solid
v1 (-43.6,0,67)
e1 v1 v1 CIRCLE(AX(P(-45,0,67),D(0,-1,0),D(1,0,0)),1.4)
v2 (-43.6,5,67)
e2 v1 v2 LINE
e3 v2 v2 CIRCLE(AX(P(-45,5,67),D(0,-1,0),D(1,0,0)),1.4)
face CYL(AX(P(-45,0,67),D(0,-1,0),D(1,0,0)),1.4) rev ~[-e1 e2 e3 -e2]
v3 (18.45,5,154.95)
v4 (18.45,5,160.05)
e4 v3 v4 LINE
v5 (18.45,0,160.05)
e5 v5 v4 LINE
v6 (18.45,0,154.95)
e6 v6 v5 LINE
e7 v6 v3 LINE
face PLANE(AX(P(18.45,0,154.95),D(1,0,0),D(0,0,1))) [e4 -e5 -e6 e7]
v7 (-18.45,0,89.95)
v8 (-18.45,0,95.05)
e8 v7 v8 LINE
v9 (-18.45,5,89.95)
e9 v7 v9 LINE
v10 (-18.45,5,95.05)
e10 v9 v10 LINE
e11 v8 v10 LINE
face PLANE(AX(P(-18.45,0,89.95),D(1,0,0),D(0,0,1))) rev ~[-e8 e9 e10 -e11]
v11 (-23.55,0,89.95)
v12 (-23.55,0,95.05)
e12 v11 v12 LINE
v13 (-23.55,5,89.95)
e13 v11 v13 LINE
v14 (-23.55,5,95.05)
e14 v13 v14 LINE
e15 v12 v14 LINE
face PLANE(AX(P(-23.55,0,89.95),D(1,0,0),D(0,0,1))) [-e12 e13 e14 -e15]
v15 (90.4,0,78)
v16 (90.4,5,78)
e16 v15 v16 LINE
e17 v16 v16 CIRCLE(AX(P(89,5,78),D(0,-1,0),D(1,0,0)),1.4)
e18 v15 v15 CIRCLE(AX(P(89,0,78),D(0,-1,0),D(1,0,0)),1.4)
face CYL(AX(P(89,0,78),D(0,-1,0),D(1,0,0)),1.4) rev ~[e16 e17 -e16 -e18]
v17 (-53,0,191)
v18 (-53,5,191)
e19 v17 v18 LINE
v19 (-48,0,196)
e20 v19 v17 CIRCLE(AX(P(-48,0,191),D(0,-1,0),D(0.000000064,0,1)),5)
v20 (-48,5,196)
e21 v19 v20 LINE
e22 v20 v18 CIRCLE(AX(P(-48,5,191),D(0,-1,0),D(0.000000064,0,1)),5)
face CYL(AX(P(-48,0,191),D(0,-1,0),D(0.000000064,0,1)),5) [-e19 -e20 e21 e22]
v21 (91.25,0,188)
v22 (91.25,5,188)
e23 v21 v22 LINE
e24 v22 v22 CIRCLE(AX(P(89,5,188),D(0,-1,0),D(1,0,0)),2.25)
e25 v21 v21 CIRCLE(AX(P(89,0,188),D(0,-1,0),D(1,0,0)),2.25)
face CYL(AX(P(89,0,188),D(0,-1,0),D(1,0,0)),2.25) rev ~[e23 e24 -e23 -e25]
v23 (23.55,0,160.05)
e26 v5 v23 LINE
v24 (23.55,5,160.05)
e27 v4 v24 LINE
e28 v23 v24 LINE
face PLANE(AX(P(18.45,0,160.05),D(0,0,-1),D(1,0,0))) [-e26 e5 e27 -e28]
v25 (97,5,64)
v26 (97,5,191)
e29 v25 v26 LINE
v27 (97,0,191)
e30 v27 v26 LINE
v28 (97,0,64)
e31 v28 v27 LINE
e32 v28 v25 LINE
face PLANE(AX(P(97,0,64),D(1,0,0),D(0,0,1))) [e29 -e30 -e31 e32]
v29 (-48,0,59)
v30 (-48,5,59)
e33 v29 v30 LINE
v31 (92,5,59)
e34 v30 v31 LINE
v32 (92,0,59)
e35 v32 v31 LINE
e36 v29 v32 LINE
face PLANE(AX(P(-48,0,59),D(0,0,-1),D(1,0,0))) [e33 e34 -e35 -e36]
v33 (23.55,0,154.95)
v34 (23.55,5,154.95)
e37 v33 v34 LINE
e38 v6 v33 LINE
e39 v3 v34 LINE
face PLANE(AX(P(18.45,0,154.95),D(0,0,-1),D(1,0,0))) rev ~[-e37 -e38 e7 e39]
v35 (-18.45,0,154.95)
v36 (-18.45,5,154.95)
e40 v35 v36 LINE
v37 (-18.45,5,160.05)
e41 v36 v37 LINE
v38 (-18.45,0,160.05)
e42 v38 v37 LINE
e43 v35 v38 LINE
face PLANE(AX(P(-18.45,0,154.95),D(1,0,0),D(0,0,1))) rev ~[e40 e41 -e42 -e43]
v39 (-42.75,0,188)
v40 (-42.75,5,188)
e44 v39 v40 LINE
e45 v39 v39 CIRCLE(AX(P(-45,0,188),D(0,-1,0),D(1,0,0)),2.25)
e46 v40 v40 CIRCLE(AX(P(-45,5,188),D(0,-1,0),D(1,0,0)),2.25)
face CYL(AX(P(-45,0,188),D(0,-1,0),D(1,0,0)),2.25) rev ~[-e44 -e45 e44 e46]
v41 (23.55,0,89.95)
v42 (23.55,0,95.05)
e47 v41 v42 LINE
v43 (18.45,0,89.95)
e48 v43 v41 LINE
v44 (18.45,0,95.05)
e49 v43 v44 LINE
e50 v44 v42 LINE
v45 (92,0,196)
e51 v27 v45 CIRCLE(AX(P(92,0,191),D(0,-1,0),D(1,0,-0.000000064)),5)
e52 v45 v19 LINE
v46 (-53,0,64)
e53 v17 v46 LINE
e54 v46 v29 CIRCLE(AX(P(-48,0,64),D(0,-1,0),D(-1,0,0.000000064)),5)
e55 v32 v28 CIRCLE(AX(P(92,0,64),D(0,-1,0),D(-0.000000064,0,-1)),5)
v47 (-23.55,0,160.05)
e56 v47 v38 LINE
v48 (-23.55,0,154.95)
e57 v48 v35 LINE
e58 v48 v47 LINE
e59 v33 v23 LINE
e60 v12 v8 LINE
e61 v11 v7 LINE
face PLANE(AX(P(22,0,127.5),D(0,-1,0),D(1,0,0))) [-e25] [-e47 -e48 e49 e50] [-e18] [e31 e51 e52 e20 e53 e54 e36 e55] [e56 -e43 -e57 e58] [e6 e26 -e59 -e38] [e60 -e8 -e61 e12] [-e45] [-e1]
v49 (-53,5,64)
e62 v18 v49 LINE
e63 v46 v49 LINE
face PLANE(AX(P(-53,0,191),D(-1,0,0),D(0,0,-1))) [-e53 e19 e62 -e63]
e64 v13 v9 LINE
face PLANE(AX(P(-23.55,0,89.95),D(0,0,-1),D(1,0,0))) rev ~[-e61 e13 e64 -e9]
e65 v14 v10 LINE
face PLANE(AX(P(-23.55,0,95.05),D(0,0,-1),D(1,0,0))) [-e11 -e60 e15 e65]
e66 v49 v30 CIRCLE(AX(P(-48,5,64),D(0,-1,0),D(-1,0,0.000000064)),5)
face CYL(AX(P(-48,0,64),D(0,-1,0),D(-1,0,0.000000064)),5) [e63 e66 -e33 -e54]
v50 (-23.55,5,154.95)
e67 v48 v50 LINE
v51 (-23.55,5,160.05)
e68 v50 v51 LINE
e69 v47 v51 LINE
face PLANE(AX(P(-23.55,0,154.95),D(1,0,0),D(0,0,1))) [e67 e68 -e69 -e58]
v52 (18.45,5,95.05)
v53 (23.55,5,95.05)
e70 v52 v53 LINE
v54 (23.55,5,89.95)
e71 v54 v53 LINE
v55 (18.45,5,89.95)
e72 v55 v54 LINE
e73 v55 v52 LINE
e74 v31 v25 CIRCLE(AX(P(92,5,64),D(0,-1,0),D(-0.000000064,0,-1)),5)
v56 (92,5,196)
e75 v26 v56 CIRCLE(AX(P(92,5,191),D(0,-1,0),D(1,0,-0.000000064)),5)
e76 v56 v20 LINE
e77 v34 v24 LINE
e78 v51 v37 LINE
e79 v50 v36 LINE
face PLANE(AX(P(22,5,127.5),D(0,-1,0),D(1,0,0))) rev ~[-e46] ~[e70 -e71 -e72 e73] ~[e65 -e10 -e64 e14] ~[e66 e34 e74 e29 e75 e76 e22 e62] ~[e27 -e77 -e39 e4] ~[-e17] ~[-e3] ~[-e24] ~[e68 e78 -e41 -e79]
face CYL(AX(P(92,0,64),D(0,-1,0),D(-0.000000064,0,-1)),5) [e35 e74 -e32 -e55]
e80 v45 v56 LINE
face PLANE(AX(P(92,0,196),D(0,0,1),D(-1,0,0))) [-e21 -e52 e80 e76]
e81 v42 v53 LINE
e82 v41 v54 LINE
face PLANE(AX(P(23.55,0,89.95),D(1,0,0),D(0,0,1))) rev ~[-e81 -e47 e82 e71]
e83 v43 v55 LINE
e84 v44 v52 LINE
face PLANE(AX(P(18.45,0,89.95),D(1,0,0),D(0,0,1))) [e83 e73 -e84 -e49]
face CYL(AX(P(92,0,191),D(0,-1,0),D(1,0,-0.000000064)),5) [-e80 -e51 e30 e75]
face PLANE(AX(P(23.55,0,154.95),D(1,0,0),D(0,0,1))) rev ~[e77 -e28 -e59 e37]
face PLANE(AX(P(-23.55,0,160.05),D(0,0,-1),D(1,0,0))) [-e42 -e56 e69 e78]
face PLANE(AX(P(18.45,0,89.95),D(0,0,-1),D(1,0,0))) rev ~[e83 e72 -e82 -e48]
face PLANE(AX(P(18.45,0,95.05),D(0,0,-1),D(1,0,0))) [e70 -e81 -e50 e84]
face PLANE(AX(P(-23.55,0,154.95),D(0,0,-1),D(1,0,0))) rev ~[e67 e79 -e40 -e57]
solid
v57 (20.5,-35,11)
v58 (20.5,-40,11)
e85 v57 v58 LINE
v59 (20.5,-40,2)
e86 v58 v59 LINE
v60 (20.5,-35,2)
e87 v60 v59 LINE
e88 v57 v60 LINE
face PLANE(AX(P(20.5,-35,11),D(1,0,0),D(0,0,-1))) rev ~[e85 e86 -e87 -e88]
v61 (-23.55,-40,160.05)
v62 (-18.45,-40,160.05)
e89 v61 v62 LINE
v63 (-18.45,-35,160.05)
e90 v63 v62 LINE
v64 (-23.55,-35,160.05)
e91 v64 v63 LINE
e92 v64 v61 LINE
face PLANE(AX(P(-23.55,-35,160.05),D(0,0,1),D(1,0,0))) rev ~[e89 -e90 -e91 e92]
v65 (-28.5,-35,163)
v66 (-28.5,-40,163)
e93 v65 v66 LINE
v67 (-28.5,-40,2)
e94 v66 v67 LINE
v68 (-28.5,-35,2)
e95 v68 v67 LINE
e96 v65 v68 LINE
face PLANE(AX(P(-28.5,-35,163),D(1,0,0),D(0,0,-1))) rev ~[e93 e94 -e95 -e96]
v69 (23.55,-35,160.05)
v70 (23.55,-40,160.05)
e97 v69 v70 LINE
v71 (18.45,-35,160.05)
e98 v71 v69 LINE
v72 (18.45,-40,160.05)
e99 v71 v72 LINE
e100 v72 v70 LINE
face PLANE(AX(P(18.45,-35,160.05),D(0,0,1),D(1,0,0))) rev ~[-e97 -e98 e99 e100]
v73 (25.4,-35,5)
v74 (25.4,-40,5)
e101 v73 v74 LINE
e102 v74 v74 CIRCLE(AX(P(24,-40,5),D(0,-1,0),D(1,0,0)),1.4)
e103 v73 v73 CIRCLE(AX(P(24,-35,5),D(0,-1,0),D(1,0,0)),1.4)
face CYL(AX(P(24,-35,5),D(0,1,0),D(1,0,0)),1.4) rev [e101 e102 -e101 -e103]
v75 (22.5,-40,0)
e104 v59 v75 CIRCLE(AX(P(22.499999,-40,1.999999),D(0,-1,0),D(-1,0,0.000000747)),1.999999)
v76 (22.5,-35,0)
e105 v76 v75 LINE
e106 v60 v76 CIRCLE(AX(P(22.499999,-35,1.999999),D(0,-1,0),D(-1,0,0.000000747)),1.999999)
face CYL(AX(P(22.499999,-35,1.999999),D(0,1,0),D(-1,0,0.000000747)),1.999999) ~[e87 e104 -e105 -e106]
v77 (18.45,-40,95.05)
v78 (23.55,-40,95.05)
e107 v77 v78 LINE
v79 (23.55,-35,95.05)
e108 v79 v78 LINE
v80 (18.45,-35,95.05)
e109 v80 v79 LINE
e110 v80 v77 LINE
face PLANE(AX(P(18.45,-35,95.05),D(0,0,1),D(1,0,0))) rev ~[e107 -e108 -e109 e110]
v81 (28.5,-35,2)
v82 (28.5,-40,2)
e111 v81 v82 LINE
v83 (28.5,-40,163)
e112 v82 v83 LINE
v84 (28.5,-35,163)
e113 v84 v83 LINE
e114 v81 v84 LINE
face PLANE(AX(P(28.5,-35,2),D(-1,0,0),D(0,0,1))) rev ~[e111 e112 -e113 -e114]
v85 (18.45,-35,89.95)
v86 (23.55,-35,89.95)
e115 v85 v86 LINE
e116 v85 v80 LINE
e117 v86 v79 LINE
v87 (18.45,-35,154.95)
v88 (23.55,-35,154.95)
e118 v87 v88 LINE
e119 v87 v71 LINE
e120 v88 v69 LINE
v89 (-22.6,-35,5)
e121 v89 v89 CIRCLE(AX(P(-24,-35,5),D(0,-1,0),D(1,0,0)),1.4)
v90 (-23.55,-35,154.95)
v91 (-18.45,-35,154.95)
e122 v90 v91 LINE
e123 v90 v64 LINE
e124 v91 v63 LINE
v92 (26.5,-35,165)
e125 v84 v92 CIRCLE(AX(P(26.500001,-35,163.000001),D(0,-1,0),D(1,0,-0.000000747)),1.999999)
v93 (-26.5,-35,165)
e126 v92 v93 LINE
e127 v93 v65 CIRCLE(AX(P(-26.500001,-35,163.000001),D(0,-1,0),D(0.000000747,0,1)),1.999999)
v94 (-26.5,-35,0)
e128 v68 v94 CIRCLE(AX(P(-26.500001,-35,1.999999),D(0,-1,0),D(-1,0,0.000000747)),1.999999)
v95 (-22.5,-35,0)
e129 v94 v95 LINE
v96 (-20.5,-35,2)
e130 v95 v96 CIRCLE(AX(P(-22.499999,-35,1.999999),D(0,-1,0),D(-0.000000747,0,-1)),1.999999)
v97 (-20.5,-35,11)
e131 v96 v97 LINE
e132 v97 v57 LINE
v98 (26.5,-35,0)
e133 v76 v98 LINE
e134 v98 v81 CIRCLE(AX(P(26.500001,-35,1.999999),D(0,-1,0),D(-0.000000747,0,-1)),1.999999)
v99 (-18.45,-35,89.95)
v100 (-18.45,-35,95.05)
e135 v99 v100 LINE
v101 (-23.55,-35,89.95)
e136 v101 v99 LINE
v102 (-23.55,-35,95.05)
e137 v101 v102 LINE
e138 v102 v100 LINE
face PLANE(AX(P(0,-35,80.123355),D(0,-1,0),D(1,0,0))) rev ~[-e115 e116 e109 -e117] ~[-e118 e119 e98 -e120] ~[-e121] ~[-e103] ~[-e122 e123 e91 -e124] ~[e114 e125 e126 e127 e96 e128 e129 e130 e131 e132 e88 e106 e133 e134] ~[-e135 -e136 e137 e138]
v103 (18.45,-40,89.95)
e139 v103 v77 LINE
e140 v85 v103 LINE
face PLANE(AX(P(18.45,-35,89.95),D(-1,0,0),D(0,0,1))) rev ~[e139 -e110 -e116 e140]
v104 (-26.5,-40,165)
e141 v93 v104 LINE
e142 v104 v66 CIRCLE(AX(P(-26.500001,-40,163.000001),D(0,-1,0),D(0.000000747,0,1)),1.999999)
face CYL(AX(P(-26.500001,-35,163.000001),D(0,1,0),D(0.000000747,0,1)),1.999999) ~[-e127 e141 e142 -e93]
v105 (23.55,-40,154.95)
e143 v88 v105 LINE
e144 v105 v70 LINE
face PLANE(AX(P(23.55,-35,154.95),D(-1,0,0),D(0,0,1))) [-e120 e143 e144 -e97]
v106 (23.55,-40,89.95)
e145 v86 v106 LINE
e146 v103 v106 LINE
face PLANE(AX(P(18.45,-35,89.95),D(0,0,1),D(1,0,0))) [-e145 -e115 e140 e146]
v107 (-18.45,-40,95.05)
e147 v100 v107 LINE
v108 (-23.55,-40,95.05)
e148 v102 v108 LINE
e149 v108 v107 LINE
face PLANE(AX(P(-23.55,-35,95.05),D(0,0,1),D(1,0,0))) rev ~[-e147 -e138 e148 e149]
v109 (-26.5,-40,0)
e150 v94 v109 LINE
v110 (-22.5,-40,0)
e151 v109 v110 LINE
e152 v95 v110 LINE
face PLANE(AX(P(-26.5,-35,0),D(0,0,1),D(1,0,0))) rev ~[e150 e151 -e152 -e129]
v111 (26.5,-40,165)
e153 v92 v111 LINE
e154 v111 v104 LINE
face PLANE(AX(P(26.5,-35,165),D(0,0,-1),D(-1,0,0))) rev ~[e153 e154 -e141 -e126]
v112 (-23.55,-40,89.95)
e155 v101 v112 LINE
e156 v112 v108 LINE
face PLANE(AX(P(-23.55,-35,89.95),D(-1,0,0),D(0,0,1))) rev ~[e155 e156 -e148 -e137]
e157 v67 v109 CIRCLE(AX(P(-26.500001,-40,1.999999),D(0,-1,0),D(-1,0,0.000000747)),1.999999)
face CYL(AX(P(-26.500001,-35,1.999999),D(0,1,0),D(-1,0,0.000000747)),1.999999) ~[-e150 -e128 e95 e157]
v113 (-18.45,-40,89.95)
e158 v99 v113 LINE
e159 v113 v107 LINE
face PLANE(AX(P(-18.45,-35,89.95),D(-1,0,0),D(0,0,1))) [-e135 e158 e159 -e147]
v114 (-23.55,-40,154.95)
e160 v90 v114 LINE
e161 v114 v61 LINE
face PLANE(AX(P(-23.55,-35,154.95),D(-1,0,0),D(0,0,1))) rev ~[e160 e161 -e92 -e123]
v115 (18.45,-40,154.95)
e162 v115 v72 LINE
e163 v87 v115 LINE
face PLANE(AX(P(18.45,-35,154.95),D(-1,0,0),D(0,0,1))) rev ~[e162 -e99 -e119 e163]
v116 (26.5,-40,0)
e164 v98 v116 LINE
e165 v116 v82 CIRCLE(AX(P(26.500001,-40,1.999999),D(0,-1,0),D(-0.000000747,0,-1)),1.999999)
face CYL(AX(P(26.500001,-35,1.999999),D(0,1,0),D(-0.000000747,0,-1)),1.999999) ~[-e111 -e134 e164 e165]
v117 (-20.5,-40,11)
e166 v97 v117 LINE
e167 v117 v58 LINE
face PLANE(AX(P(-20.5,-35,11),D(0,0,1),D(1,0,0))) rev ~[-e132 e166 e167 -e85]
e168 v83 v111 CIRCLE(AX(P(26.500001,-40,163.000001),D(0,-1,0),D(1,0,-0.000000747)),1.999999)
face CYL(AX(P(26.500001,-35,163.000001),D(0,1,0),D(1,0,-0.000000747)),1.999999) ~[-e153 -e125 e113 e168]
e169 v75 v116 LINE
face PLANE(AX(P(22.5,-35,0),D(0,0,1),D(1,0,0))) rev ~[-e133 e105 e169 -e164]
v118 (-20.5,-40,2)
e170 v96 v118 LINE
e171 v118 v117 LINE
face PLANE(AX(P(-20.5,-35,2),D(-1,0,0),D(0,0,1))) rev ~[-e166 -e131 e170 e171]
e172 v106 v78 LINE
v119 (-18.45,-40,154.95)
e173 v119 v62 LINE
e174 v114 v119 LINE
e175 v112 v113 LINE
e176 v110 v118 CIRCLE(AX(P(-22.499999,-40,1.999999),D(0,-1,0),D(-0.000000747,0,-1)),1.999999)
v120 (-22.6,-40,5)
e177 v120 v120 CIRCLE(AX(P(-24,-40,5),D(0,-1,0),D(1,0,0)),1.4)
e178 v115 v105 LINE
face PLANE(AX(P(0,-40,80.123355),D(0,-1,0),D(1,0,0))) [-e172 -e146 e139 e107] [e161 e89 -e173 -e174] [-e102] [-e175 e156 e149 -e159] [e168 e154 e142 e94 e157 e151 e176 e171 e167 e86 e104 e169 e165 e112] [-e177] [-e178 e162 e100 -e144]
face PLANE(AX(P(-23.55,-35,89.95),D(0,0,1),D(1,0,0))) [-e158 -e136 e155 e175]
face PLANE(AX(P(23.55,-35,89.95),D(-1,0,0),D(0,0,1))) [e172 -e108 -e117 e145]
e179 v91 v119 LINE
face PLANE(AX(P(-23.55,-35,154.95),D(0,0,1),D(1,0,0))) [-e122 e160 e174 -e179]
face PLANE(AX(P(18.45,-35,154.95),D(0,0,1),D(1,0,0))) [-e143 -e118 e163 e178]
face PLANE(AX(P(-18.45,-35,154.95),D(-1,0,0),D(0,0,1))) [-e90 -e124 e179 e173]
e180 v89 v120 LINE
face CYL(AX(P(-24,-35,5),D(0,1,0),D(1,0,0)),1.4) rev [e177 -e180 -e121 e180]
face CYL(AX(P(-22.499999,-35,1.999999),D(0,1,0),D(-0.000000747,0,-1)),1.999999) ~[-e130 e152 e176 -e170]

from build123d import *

# Parameters (mm, degrees)
F2_R     = 1.4
F2_W     = 5.1
F2_H     = 5.1
F3_DEPTH = 5
F0_R     = 1.4
F0_W     = 5.1
F0_H     = 5.1
F0_R_2   = 2.25
F4_DEPTH = 5


with BuildPart() as f3:
    # F2 (on offset) → F3 (new body)
    with BuildSketch(Plane.XZ.offset(35)):
        with BuildLine():
            ThreePointArc((-28.5, 2), (-27.914214, 0.585786), (-26.5, 0))
            Line((-26.5, 0), (-22.5, 0))
            ThreePointArc((-22.5, 0), (-21.085786, 0.585786), (-20.5, 2))
            Line((-20.5, 2), (-20.5, 11))
            Line((-20.5, 11), (20.5, 11))
            Line((20.5, 11), (20.5, 2))
            ThreePointArc((20.5, 2), (21.085786, 0.585786), (22.5, 0))
            Line((22.5, 0), (26.5, 0))
            ThreePointArc((26.5, 0), (27.914214, 0.585786), (28.5, 2))
            Line((28.5, 2), (28.5, 163))
            ThreePointArc((28.5, 163), (27.914214, 164.414214), (26.5, 165))
            Line((26.5, 165), (-26.5, 165))
            ThreePointArc((-26.5, 165), (-27.914214, 164.414214), (-28.5, 163))
            Line((-28.5, 163), (-28.5, 2))
        make_face()
        with Locations((-24, 5)):
            Circle(F2_R, mode=Mode.SUBTRACT)
        with Locations((24, 5)):
            Circle(F2_R, mode=Mode.SUBTRACT)
        with Locations((-21, 92.5)):
            Rectangle(F2_W, F2_H, mode=Mode.SUBTRACT)
        with Locations((-21, 157.5)):
            Rectangle(F2_W, F2_H, mode=Mode.SUBTRACT)
        with Locations((21, 92.5)):
            Rectangle(F2_W, F2_H, mode=Mode.SUBTRACT)
        with Locations((21, 157.5)):
            Rectangle(F2_W, F2_H, mode=Mode.SUBTRACT)
    extrude(amount=F3_DEPTH)


with BuildPart() as f4:
    # F0 (on Front) → F4 (new body)
    with BuildSketch(Plane.XZ):
        with BuildLine():
            Line((-53, 191), (-53, 64))
            ThreePointArc((-53, 64), (-51.535534, 60.464466), (-48, 59))
            Line((-48, 59), (92, 59))
            ThreePointArc((92, 59), (95.535534, 60.464466), (97, 64))
            Line((97, 64), (97, 191))
            ThreePointArc((97, 191), (95.535534, 194.535534), (92, 196))
            Line((92, 196), (-48, 196))
            ThreePointArc((-48, 196), (-51.535534, 194.535534), (-53, 191))
        make_face()
        with Locations((-45, 67)):
            Circle(F0_R, mode=Mode.SUBTRACT)
        with Locations((-21, 92.5)):
            Rectangle(F0_W, F0_H, mode=Mode.SUBTRACT)
        with Locations((21, 92.5)):
            Rectangle(F0_W, F0_H, mode=Mode.SUBTRACT)
        with Locations((89, 78)):
            Circle(F0_R, mode=Mode.SUBTRACT)
        with Locations((-21, 157.5)):
            Rectangle(F0_W, F0_H, mode=Mode.SUBTRACT)
        with Locations((21, 157.5)):
            Rectangle(F0_W, F0_H, mode=Mode.SUBTRACT)
        with Locations((-45, 188)):
            Circle(F0_R_2, mode=Mode.SUBTRACT)
        with Locations((89, 188)):
            Circle(F0_R_2, mode=Mode.SUBTRACT)
    extrude(amount=-F4_DEPTH)


solid = Compound([f3.part, f4.part])
